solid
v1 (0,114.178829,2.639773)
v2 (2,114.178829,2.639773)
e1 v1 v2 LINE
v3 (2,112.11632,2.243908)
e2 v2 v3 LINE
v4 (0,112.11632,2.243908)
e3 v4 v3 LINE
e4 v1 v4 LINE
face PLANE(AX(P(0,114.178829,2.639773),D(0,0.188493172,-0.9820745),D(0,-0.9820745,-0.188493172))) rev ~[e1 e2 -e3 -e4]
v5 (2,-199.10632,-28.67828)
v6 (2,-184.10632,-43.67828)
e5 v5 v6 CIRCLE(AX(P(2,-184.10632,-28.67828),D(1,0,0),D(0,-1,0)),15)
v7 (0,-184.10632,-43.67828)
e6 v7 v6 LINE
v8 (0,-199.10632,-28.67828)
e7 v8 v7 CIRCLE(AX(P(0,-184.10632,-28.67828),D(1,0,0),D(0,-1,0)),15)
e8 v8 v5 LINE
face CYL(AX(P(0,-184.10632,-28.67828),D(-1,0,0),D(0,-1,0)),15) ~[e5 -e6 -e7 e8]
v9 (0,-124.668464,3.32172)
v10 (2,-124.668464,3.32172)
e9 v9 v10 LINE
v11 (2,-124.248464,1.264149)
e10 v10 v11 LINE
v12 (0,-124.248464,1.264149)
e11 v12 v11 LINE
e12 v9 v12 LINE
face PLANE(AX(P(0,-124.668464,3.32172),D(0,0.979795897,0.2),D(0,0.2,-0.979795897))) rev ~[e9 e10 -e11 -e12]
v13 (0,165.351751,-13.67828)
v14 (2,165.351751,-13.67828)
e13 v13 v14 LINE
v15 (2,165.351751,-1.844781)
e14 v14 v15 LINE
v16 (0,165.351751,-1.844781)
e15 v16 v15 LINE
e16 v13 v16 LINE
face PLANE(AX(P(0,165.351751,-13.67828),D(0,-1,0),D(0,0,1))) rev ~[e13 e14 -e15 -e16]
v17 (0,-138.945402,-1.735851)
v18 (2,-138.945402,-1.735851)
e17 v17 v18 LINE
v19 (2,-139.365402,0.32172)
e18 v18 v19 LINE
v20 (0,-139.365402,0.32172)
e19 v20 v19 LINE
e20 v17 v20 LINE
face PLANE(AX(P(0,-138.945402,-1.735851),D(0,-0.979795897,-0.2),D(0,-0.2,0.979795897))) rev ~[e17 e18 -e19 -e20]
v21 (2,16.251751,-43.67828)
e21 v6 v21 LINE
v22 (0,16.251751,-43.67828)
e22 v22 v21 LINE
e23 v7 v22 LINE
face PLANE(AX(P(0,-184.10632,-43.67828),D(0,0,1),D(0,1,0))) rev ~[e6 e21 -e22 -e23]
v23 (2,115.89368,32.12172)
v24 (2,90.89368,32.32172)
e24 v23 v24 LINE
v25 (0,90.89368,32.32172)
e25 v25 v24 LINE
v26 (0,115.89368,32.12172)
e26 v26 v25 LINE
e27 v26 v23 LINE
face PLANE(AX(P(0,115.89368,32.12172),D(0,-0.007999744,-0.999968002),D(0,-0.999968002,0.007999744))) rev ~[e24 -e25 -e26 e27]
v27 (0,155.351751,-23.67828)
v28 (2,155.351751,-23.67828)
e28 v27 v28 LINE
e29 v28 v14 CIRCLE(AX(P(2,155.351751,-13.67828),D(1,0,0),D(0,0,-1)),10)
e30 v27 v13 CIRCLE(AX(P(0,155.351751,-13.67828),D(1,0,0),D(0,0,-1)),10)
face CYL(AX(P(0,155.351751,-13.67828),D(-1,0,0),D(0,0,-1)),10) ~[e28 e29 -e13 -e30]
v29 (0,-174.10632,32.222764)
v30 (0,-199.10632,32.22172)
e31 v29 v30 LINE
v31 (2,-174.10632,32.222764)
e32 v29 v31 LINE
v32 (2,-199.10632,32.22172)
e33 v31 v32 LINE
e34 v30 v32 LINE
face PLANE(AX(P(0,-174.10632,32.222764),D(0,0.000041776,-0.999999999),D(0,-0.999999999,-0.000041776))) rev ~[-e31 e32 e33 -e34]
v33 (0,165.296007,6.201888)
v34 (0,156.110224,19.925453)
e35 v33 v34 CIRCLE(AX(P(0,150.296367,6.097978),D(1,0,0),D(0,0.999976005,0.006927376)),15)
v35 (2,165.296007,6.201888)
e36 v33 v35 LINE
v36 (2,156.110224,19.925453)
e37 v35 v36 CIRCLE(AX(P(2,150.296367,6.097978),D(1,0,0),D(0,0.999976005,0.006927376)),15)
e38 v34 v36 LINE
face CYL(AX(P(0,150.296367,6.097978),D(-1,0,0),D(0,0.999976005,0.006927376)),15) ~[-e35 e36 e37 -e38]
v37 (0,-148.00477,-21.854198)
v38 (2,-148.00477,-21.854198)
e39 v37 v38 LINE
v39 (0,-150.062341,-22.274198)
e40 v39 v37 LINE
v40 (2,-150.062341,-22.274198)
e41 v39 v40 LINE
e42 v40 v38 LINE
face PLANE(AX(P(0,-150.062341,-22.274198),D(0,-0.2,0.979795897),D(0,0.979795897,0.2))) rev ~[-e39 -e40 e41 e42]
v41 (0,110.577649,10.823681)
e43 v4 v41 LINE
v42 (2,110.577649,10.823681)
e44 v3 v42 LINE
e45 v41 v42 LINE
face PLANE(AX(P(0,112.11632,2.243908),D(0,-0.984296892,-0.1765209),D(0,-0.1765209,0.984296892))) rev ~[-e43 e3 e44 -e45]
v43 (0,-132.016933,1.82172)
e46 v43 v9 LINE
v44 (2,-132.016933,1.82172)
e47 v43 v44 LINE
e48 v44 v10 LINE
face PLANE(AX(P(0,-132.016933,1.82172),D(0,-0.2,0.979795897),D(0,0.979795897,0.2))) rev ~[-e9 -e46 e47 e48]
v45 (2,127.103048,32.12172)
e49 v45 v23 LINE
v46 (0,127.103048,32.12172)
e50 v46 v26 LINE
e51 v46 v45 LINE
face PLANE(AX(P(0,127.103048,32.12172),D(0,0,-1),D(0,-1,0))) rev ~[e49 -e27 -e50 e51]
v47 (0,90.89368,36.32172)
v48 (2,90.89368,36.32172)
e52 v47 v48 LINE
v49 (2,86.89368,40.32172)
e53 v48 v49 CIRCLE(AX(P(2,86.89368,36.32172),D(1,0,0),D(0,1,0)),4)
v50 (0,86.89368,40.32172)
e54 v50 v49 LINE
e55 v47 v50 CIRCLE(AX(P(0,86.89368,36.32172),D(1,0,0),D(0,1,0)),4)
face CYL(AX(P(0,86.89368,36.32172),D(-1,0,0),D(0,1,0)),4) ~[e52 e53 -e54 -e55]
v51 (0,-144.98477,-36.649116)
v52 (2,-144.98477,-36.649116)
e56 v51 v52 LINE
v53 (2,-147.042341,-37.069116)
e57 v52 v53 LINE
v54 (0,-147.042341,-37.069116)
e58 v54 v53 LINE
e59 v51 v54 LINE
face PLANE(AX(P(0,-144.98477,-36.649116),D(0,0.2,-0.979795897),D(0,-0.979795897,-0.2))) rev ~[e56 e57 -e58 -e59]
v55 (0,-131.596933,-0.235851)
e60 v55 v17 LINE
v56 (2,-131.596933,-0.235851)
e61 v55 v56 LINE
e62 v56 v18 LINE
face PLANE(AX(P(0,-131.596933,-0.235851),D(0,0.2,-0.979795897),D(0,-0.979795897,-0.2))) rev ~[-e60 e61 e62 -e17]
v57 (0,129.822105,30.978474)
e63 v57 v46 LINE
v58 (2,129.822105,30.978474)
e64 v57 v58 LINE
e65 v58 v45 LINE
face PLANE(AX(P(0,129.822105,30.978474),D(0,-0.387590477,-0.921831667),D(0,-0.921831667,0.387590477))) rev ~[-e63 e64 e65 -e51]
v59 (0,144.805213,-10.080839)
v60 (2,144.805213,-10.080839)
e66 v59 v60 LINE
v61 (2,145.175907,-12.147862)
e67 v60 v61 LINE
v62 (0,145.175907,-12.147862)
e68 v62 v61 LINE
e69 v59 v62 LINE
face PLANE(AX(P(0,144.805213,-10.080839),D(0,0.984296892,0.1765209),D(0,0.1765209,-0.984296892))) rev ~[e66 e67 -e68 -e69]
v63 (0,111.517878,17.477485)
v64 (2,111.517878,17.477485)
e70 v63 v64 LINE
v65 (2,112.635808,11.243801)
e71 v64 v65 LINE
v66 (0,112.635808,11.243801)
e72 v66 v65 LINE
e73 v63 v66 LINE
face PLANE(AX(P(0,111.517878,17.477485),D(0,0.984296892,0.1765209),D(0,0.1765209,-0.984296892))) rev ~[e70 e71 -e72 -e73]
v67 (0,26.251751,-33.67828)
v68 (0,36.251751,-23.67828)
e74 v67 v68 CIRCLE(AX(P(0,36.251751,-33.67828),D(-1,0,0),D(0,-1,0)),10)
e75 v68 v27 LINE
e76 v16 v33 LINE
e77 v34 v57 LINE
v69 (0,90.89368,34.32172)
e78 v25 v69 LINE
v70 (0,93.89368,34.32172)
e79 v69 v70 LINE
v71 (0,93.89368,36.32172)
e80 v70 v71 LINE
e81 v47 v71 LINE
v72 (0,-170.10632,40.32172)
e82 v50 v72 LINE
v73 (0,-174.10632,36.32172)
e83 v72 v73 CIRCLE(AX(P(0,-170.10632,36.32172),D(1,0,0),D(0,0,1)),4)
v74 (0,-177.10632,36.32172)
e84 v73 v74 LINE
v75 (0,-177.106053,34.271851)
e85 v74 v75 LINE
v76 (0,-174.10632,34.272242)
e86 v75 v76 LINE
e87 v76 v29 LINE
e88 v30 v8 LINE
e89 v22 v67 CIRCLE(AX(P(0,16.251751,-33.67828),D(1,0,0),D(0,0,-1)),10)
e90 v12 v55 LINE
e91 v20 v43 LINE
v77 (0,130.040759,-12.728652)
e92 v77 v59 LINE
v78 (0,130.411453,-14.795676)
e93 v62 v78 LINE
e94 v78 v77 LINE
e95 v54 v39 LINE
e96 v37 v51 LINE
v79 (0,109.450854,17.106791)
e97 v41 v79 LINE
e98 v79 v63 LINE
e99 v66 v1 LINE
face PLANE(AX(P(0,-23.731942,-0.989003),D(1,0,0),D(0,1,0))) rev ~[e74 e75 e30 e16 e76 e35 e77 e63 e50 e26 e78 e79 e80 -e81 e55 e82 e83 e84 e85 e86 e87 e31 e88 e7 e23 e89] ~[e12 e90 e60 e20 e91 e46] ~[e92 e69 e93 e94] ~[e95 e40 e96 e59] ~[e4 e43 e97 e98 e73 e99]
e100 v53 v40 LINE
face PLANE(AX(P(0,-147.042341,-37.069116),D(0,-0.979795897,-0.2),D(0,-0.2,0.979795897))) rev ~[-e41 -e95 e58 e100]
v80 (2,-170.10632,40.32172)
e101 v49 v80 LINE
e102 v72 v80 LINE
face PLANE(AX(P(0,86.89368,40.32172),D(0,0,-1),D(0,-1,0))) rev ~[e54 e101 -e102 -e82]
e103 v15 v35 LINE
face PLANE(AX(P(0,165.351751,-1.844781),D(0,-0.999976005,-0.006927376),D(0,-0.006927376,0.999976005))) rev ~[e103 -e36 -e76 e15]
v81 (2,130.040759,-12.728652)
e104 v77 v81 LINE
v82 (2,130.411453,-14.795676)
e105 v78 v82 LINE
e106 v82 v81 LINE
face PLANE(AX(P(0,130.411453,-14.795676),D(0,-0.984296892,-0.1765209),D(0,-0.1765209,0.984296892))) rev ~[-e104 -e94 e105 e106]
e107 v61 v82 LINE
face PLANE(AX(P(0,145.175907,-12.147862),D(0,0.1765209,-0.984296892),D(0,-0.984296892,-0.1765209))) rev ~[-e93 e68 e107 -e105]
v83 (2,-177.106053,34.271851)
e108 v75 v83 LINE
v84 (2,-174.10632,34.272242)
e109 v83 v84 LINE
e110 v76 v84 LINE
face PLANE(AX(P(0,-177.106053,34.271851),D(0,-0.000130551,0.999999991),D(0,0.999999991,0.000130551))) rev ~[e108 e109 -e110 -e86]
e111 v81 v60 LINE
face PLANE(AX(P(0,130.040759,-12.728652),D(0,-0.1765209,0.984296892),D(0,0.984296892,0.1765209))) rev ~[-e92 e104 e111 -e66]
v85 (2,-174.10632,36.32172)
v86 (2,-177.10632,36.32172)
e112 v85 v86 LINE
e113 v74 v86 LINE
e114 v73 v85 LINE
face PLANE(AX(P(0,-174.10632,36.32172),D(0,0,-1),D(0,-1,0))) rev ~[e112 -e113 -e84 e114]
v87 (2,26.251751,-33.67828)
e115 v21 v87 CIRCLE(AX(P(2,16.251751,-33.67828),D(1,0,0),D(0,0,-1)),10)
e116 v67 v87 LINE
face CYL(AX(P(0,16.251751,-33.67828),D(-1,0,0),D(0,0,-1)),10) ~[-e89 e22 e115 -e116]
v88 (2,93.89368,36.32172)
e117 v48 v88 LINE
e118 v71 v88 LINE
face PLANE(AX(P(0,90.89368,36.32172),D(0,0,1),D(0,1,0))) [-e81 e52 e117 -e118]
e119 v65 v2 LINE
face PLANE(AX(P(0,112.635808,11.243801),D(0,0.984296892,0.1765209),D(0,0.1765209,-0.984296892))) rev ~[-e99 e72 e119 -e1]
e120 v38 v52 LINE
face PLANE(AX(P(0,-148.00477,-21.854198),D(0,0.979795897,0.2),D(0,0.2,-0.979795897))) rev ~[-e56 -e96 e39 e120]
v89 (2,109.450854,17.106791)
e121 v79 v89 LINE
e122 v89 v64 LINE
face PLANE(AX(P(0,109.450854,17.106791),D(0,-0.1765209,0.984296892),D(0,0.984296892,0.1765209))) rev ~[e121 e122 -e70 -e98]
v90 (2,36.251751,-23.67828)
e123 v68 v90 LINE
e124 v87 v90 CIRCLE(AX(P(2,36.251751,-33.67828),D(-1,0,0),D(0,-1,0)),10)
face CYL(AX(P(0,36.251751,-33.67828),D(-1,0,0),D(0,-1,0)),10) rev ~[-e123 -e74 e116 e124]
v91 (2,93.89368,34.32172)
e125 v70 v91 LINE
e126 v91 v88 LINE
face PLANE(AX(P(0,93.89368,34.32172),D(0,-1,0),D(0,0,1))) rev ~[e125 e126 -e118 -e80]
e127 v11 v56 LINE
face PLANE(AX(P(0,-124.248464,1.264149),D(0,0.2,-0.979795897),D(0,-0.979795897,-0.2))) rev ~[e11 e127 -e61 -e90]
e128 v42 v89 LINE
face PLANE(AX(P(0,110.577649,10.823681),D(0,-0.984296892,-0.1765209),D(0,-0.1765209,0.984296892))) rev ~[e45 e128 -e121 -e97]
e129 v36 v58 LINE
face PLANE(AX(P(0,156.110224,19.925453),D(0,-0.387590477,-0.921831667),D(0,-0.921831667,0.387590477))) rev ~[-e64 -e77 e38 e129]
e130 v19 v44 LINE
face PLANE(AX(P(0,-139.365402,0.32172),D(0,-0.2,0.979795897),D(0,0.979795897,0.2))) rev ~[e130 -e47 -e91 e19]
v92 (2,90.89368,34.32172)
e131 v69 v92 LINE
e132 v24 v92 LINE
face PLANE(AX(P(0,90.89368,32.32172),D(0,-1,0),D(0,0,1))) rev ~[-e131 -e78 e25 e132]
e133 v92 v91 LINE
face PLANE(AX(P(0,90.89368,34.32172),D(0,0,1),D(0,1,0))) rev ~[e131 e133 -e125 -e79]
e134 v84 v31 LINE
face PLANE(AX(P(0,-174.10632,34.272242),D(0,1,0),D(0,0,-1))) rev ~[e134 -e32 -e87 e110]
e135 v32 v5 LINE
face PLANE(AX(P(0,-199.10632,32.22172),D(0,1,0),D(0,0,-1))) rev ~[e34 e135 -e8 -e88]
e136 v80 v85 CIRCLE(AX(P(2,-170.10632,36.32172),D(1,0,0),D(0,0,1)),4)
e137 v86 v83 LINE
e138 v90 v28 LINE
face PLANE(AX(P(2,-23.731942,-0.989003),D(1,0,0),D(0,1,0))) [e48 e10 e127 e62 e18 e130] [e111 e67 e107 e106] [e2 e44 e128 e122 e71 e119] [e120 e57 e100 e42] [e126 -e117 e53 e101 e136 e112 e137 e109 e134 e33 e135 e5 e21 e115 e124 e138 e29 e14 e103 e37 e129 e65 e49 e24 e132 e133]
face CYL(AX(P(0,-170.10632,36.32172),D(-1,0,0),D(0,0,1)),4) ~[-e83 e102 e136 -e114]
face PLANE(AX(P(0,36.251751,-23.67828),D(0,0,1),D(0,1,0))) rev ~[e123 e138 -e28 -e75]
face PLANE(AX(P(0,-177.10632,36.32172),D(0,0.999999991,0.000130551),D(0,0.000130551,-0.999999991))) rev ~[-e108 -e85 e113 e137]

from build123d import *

# Parameters (mm, degrees)
F0_W     = 3
F0_H     = 2
F1_DEPTH = 2


with BuildPart() as f1:
    # F0 (on Right) → F1 (new body)
    with BuildSketch(Plane.YZ):
        with BuildLine():
            Line((90.8936798627, 36.3217199568), (-174.1063201373, 36.3217199568))
            Line((-174.1063201373, 36.3217199568), (-174.1063201373, 34.2722421593))
            Line((-174.1063201373, 34.2722421593), (-174.1063201373, 32.2227643619))
            Line((-174.1063201373, 32.2227643619), (-199.1063201373, 32.2217199568))
            Line((-199.1063201373, 32.2217199568), (-199.1063201373, -28.6782800432))
            ThreePointArc((-199.1063201373, -28.6782800432), (-194.7129218551, -39.284881761), (-184.1063201373, -43.6782800432))
            Line((-184.1063201373, -43.6782800432), (16.251750713, -43.6782800432))
            ThreePointArc((16.251750713, -43.6782800432), (23.3228185249, -40.749347855), (26.251750713, -33.6782800432))
            ThreePointArc((26.251750713, -33.6782800432), (29.1806829012, -26.6072122313), (36.251750713, -23.6782800432))
            Line((36.251750713, -23.6782800432), (155.351750713, -23.6782800432))
            ThreePointArc((155.351750713, -23.6782800432), (162.4228185249, -20.749347855), (165.351750713, -13.6782800432))
            Line((165.351750713, -13.6782800432), (165.351750713, -1.8447812752))
            Line((165.351750713, -1.8447812752), (165.2960070677, 6.2018883531))
            ThreePointArc((165.2960070677, 6.2018883531), (162.761697767, 14.4415697733), (156.110224139, 19.9254527145))
            Line((156.110224139, 19.9254527145), (129.822104553, 30.9784737498))
            Line((129.822104553, 30.9784737498), (127.1030476624, 32.1217199568))
            Line((127.1030476624, 32.1217199568), (115.8936798627, 32.1217199568))
            Line((115.8936798627, 32.1217199568), (90.8936798627, 32.3217199568))
            Line((90.8936798627, 32.3217199568), (90.8936798627, 34.3217199568))
            Line((90.8936798627, 34.3217199568), (90.8936798627, 36.3217199568))
        make_face()
        Polygon((-147.0423409187, -37.0691160319), (-150.0623409187, -22.2741979854), (-148.0047695348, -21.8541979854), (-144.9847695348, -36.6491160319), align=None, mode=Mode.SUBTRACT)
        Polygon((-124.2484640053, 1.2641485729), (-131.5969332337, -0.2358514271), (-138.945402462, -1.7358514271), (-139.365402462, 0.3217199568), (-132.0169332337, 1.8217199568), (-124.6684640053, 3.3217199568), align=None, mode=Mode.SUBTRACT)
        Polygon((112.6358084867, 11.2438009667), (132.6293582157, 15.3249672153), (137.4229859734, -11.4047453242), (144.8052126649, -10.080838577), (145.1759065542, -12.1478620506), (137.7936798627, -13.4717687978), (130.4114531712, -14.795675545), (125.4899687102, -15.6782800432), (115.6469997882, -17.4434890395), (112.116320041, 2.2439083723), (110.5776489558, 10.8236809117), (109.4508544566, 17.1067914445), (111.5178779302, 17.4774853337), align=None, mode=Mode.SUBTRACT)
        Polygon((137.4229859734, -11.4047453242), (132.6293582157, 15.3249672153), (112.6358084867, 11.2438009667), (114.1788294003, 2.6397733811), (112.116320041, 2.2439083723), (115.6469997882, -17.4434890395), (125.4899687102, -15.6782800432), (130.4114531712, -14.795675545), (130.0407592819, -12.7286520714), align=None)
        with BuildLine():
            ThreePointArc((-170.1063201373, 40.3217199568), (-172.9347472621, 39.1501470816), (-174.1063201373, 36.3217199568))
            Line((-174.1063201373, 36.3217199568), (90.8936798627, 36.3217199568))
            ThreePointArc((90.8936798627, 36.3217199568), (89.7221069874, 39.1501470816), (86.8936798627, 40.3217199568))
            Line((86.8936798627, 40.3217199568), (-170.1063201373, 40.3217199568))
        make_face()
        with Locations((92.3936798627, 35.3217199568)):
            Rectangle(F0_W, F0_H)
        Polygon((-174.1063201373, 36.3217199568), (-177.1063201373, 36.3217199568), (-177.1060525256, 34.2718505424), (-174.1063201373, 34.2722421593), align=None)
    extrude(amount=F1_DEPTH)


solid = f1.part
